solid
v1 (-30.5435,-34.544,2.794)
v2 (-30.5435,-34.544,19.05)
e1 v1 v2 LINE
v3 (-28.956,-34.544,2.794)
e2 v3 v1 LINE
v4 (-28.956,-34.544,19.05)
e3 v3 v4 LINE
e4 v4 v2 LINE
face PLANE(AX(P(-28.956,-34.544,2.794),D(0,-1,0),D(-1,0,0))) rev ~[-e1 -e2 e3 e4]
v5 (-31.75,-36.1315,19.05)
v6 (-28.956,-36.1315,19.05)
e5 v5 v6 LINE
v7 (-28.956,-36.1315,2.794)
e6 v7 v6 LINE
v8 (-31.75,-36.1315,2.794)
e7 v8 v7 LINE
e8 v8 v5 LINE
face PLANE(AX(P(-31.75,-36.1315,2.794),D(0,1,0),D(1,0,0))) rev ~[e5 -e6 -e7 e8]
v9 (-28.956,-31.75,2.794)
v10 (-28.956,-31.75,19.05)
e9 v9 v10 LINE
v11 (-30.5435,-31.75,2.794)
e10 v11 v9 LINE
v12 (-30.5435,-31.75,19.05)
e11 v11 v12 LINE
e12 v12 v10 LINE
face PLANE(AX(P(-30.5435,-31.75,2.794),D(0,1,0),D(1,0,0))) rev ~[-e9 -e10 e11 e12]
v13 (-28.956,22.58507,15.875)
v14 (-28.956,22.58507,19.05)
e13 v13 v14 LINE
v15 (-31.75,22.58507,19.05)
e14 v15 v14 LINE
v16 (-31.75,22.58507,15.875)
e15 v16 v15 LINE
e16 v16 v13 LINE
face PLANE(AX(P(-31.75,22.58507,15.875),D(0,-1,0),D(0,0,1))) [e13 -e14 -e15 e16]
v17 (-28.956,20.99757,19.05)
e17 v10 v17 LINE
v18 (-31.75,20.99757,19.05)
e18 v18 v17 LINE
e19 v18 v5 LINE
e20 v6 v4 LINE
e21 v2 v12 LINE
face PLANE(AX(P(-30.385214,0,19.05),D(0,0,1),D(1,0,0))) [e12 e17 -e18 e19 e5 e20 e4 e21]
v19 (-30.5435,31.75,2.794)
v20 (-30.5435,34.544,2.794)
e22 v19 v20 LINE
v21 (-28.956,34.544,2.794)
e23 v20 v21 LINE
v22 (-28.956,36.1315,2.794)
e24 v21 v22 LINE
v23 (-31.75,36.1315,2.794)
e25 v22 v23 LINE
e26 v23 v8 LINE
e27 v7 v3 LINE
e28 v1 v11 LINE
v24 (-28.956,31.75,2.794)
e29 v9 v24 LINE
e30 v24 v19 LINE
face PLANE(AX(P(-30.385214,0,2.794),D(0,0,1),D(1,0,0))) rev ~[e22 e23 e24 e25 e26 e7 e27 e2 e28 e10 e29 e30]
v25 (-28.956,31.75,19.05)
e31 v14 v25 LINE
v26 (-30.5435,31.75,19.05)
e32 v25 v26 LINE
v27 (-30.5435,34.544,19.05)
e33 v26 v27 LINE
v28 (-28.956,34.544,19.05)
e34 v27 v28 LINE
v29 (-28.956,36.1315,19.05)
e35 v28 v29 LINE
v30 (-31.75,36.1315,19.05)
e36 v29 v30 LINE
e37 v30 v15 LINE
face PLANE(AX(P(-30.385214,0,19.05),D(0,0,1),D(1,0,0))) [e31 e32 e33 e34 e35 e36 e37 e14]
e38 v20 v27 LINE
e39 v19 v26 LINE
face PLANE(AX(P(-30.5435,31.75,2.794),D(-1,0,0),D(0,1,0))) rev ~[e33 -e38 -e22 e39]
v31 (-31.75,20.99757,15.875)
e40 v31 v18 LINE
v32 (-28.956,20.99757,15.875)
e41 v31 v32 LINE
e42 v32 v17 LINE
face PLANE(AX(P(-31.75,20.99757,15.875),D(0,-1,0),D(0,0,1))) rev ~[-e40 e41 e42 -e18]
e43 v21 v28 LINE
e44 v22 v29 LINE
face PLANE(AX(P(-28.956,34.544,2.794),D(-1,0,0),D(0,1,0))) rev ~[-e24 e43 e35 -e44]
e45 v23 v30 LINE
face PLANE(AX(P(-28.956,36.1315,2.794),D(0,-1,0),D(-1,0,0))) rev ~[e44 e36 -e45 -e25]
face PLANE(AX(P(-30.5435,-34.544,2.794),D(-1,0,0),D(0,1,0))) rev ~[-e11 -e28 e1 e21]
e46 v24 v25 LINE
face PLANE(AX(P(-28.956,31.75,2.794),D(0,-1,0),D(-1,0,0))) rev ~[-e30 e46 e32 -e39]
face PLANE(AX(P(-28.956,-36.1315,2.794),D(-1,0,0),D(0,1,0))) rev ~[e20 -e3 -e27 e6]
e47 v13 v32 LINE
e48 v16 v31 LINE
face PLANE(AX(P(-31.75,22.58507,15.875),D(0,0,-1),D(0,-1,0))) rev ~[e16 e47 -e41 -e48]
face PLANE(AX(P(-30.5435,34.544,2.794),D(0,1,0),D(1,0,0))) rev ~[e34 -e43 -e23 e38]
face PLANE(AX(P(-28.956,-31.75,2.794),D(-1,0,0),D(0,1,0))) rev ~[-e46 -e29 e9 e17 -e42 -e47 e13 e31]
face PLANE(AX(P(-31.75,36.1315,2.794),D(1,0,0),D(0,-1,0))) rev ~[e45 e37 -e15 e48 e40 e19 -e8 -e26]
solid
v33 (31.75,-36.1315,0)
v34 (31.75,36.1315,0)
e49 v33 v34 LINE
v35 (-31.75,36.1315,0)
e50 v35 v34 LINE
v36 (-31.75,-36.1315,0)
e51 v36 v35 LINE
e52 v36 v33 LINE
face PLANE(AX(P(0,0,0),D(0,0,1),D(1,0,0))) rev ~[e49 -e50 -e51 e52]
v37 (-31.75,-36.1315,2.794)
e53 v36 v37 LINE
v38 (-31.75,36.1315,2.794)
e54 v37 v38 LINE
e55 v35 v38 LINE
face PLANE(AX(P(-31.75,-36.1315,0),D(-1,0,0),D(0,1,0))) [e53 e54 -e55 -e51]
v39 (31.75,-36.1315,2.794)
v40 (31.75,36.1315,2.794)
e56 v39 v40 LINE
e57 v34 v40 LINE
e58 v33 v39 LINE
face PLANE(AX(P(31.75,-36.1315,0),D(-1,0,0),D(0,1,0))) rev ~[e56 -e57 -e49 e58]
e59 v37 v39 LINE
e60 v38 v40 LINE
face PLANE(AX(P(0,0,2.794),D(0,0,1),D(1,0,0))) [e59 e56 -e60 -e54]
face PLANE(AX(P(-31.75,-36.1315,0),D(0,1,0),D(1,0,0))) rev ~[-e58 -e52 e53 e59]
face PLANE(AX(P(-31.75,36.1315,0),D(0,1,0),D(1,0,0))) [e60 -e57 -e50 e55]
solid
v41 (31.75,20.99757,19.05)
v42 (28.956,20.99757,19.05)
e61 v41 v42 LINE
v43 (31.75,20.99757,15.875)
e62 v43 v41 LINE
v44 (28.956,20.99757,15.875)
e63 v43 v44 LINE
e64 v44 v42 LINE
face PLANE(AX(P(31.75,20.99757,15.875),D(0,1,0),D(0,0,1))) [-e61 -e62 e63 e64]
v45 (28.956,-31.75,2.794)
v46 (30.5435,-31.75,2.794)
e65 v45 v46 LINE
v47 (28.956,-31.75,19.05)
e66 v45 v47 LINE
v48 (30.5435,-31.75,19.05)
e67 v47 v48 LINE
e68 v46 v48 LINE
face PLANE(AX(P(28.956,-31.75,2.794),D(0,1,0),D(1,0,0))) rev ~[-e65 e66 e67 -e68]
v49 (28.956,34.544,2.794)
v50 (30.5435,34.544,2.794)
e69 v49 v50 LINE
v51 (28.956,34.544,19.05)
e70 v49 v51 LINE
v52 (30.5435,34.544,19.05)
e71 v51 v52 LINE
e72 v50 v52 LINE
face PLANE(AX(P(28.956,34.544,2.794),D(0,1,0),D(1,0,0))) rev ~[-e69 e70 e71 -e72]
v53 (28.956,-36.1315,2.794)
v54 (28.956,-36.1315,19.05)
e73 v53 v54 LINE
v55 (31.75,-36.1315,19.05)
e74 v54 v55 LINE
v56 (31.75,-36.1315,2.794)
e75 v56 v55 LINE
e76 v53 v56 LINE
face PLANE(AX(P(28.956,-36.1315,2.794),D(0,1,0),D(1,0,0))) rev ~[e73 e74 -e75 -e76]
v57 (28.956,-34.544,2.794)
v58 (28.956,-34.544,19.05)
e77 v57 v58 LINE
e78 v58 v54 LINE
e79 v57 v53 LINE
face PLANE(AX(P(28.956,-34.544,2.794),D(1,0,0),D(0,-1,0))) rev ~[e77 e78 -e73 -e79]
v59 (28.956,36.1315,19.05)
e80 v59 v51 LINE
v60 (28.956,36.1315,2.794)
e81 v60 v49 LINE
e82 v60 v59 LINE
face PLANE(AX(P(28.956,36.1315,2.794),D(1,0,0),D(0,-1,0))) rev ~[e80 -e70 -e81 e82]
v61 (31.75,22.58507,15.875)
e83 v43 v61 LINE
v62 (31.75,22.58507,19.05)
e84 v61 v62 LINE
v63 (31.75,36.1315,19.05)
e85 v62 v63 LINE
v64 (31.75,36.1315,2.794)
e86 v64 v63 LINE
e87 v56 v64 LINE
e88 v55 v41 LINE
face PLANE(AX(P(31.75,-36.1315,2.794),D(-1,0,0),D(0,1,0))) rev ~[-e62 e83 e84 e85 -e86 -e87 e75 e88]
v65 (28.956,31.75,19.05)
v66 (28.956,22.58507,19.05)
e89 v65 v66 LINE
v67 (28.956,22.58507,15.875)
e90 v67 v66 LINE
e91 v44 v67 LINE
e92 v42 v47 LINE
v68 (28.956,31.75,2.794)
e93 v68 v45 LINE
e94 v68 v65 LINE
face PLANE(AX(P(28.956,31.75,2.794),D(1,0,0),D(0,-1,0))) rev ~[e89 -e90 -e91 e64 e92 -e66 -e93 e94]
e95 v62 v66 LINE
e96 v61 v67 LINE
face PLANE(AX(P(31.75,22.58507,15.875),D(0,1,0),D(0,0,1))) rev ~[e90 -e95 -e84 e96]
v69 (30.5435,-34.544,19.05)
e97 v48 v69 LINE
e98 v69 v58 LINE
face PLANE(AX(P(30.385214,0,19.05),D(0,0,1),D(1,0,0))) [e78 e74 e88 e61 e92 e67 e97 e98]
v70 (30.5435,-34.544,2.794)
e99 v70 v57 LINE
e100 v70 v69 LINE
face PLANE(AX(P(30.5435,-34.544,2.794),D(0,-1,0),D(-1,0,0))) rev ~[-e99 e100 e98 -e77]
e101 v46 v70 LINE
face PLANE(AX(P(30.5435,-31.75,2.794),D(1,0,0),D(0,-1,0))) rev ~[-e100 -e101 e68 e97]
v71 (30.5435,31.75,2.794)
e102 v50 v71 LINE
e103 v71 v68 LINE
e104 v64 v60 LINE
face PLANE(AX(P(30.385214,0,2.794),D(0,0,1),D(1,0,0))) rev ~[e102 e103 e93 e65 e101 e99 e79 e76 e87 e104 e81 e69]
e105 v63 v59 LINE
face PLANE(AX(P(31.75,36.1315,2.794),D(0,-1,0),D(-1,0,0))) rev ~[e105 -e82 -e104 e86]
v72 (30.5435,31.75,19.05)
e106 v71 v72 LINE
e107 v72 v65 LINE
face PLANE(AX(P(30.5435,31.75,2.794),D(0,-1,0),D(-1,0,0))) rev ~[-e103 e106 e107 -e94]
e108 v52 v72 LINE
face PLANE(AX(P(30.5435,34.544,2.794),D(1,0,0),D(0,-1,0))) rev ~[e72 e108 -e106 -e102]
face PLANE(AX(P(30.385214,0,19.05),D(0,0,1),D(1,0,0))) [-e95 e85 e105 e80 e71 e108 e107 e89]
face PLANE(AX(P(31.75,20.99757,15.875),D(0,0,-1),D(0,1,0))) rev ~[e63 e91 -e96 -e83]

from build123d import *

# Parameters (mm, degrees)
F0_W     = 63.5
F0_H     = 72.263
F1_DEPTH = 2.794
F3_DEPTH = 16.256
F5_DEPTH = 16.256
F6_W     = 1.5875
F6_H     = 3.175
F7_DEPTH = 2.794
F8_W     = 1.5875
F8_H     = 3.175
F9_DEPTH = 2.794


with BuildPart() as f1:
    # F0 (on Top) → F1 (new body)
    with BuildSketch(Plane.XY):
        Rectangle(F0_W, F0_H)
    extrude(amount=F1_DEPTH)


with BuildPart() as f3:
    # F2 (on face) → F3 (new body)
    with BuildSketch(Plane.XY.offset(2.794)):
        Polygon((28.956, 36.1315), (28.956, 34.544), (30.5435, 34.544), (30.5435, 31.75), (28.956, 31.75), (28.956, -31.75), (30.5435, -31.75), (30.5435, -34.544), (28.956, -34.544), (28.956, -36.1315), (31.75, -36.1315), (31.75, 36.1315), align=None)
    extrude(amount=F3_DEPTH)

    # F6 (on face) → F7 (cut, through all)
    with BuildSketch(Plane.YZ.offset(31.75)):
        with Locations((21.79132, 17.4625)):
            Rectangle(F6_W, F6_H)
    extrude(amount=-F7_DEPTH, mode=Mode.SUBTRACT)


with BuildPart() as f5:
    # F4 (on face) → F5 (new body)
    with BuildSketch(Plane.XY.offset(2.794)):
        Polygon((-31.75, -36.1315), (-28.956, -36.1315), (-28.956, -34.544), (-30.5435, -34.544), (-30.5435, -31.75), (-28.956, -31.75), (-28.956, 31.75), (-30.5435, 31.75), (-30.5435, 34.544), (-28.956, 34.544), (-28.956, 36.1315), (-31.75, 36.1315), align=None)
    extrude(amount=F5_DEPTH)

    # F8 (on face) → F9 (cut, through all)
    with BuildSketch(Plane(origin=(-31.75, 0, 0), x_dir=(0, -1, 0), z_dir=(-1, 0, 0))):
        with Locations((-21.79132, 17.4625)):
            Rectangle(F8_W, F8_H)
    extrude(amount=-F9_DEPTH, mode=Mode.SUBTRACT)


solid = Compound([f1.part, f3.part, f5.part])
